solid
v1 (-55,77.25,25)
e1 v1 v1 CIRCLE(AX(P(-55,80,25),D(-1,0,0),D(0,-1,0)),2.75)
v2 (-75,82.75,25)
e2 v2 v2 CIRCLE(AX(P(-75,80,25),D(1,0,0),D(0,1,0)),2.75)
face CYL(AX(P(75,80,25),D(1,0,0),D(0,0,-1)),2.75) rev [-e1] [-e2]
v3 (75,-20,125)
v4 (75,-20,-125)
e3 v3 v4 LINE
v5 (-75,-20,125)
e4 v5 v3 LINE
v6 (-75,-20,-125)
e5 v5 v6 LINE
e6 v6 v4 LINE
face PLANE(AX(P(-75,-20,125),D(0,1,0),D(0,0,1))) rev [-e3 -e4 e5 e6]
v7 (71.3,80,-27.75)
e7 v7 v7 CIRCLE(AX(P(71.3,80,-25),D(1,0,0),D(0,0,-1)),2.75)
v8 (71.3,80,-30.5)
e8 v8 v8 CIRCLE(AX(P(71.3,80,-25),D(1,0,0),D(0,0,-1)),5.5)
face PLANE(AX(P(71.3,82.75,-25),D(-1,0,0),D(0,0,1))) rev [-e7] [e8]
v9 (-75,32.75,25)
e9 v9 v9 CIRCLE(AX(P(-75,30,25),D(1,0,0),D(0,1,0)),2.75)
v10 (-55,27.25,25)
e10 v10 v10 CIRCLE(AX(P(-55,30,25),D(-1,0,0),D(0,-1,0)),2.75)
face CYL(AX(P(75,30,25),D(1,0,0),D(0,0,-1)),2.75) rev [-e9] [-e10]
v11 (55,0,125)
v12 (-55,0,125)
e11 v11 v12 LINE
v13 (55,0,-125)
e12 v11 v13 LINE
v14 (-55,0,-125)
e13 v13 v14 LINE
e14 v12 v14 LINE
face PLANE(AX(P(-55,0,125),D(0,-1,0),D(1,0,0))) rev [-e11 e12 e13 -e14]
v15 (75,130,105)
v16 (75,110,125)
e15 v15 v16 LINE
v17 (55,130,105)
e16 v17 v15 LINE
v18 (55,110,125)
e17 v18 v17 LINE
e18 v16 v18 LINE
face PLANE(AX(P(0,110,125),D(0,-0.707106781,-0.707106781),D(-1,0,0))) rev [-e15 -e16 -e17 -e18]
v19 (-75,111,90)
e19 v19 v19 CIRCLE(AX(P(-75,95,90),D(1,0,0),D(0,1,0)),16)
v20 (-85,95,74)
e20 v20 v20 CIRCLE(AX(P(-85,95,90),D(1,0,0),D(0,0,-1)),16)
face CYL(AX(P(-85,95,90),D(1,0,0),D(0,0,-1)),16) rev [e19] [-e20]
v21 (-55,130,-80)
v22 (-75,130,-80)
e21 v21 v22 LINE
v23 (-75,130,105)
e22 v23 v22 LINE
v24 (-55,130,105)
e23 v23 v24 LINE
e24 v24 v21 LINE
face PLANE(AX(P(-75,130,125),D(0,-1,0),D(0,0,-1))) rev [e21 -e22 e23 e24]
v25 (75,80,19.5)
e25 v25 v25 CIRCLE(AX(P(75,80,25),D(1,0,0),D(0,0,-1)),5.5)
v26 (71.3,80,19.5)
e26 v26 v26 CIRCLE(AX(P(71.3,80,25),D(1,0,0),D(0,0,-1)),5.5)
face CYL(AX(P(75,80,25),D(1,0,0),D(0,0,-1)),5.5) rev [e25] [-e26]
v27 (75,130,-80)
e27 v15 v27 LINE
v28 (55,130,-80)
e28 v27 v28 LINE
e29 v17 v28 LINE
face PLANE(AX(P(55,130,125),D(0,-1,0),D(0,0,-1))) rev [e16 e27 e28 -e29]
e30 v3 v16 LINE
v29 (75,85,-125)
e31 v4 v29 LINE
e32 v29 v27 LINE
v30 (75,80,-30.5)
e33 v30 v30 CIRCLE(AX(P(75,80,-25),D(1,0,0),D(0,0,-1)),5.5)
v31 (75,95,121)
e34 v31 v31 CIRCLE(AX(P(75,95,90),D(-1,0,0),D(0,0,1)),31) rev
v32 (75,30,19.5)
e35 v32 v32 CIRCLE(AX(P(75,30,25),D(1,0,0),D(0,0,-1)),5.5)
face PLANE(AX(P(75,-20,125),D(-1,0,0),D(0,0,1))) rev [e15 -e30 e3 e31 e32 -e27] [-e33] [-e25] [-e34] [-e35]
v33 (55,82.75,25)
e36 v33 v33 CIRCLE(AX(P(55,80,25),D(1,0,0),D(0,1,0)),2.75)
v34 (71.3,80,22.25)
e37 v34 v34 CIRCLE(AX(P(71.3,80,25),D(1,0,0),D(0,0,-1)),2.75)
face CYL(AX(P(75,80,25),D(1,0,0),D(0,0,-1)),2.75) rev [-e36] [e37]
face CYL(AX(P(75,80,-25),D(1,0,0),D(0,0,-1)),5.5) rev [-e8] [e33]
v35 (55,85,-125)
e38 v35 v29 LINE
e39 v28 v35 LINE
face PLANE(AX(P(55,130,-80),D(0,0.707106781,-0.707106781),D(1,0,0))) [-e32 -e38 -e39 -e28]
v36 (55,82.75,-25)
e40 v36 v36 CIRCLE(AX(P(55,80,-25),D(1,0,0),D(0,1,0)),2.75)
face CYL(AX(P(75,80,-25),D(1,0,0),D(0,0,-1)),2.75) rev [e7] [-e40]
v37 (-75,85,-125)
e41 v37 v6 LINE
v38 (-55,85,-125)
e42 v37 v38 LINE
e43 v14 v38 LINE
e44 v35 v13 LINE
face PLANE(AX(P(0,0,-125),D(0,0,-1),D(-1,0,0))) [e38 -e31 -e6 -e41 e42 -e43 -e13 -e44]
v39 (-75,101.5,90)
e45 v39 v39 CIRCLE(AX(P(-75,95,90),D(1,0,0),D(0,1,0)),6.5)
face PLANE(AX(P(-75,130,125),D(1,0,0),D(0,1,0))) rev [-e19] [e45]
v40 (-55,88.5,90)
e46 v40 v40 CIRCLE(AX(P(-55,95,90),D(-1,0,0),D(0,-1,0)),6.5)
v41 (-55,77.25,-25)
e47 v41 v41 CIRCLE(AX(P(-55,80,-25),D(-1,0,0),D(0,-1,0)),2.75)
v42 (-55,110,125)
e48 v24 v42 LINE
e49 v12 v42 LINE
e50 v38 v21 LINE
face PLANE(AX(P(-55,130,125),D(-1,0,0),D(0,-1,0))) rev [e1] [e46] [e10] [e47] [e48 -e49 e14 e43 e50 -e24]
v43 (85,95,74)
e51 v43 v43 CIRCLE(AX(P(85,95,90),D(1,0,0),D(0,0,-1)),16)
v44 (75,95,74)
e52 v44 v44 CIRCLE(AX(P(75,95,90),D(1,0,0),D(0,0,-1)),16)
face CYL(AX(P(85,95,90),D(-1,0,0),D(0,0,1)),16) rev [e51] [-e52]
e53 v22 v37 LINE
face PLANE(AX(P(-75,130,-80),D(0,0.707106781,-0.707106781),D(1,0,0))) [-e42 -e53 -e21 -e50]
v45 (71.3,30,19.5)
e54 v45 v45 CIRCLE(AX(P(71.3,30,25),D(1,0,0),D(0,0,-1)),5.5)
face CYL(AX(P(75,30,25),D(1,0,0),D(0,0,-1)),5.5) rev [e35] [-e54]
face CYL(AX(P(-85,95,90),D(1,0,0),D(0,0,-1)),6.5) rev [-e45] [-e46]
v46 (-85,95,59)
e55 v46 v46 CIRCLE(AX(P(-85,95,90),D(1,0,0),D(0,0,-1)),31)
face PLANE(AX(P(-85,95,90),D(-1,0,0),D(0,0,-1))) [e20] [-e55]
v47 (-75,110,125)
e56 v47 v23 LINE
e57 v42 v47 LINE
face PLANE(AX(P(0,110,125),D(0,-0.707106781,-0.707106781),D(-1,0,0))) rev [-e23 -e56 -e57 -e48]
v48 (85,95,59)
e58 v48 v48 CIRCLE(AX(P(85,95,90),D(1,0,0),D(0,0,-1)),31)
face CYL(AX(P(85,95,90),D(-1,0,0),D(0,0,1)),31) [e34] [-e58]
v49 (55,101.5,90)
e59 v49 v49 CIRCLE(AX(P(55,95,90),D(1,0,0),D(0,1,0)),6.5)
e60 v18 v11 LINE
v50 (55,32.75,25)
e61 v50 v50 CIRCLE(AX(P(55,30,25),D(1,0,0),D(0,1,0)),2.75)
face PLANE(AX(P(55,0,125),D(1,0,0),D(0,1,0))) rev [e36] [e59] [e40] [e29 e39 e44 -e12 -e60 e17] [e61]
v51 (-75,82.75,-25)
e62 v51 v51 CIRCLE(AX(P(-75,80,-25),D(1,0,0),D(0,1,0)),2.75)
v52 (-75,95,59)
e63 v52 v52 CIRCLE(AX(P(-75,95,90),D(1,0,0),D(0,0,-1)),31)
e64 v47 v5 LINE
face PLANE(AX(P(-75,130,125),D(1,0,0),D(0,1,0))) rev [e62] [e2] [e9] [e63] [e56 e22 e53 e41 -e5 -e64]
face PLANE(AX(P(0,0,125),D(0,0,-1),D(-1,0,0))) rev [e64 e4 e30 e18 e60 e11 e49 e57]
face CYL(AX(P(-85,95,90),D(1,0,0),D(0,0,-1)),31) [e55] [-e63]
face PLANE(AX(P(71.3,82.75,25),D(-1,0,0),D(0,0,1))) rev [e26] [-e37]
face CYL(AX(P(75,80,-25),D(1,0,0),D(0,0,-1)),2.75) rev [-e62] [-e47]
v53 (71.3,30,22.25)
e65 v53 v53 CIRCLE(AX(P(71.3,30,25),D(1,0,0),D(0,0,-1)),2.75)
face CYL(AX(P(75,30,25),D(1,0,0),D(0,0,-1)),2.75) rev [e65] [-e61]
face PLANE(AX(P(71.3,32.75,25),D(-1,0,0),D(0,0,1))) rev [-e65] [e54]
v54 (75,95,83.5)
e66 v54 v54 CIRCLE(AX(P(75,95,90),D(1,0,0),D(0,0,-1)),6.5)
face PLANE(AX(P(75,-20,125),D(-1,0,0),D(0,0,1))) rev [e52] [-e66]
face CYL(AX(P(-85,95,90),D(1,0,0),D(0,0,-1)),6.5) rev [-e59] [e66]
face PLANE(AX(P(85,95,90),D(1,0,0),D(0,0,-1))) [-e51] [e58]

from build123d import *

# Parameters (mm, degrees)
SALIENTE_EXTRUIR1_DEPTH                              = 125
CROQUIS2_R                                           = 31
CROQUIS2_R_2                                         = 16
SALIENTE_EXTRUIR2_DEPTH                              = 10
CROQUIS4_R                                           = 6.5
CORTAR_EXTRUIR2_DEPTH                                = 161
CHAFL_N2_SIZE                                        = 20
CHAFL_N3_SIZE                                        = 45
REFRENTADO_PARA_TORNILLO_CON_CABEZA_TRON_D           = 5.5
REFRENTADO_PARA_TORNILLO_CON_CABEZA_TRON_CBORE_D     = 11
REFRENTADO_PARA_TORNILLO_CON_CABEZA_TRON_CBORE_DEPTH = 3.7


with BuildPart() as part:
    # Croquis1 → Saliente-Extruir1 (new body, symmetric)
    with BuildSketch(Plane.XY):
        Polygon((-55, 130), (-55, 0), (55, 0), (55, 130), (75, 130), (75, -20), (-75, -20), (-75, 130), align=None)
    extrude(amount=SALIENTE_EXTRUIR1_DEPTH, both=True)

    # Croquis2 → Saliente-Extruir2 (add)
    with BuildSketch(Plane(origin=(75, 0, 0), x_dir=(0, 0, -1), z_dir=(1, 0, 0))):
        with Locations(Location((-90, 95, 0), (0, 0, 180))):  # turned: the seam where the file's is
            Circle(CROQUIS2_R)
        with Locations((-90, 95)):
            Circle(CROQUIS2_R_2, mode=Mode.SUBTRACT)
    saliente_extruir2 = extrude(amount=SALIENTE_EXTRUIR2_DEPTH)

    # Simetría1: Saliente-Extruir2 across plane
    add(saliente_extruir2.mirror(Plane(origin=(0, 0, 0), x_dir=(0, 0, 1), z_dir=(1, 0, 0))))

    # Croquis4 → Cortar-Extruir2 (cut, through all)
    with BuildSketch(Plane(origin=(75, 0, 0), x_dir=(0, 0, -1), z_dir=(1, 0, 0))):
        with Locations(Location((-90, 95, 0), (0, 0, 90))):  # turned: the seam where the file's is
            Circle(CROQUIS4_R)
    extrude(amount=-CORTAR_EXTRUIR2_DEPTH, mode=Mode.SUBTRACT)

    # Chaflán2
    chafl_n2_edges = [part.edges().sort_by_distance(p)[0] for p in [
        (65, 130, 125),
        (-65, 130, 125),
    ]]
    chamfer(chafl_n2_edges, length=CHAFL_N2_SIZE)

    # Chaflán3
    chafl_n3_edges = [part.edges().sort_by_distance(p)[0] for p in [
        (-65, 130, -125),
        (65, 130, -125),
    ]]
    chamfer(chafl_n3_edges, length=CHAFL_N3_SIZE)

    # Refrentado para tornillo con cabeza troncocónica de M51 (through all)
    with Locations(Plane(origin=(75, 80, 25), x_dir=(0, 0, 1), z_dir=(1, 0, 0))):
        with Locations((0, 0), (-50, 0), (0, 50)):
            CounterBoreHole(REFRENTADO_PARA_TORNILLO_CON_CABEZA_TRON_D / 2, REFRENTADO_PARA_TORNILLO_CON_CABEZA_TRON_CBORE_D / 2, REFRENTADO_PARA_TORNILLO_CON_CABEZA_TRON_CBORE_DEPTH)


solid = part.part
